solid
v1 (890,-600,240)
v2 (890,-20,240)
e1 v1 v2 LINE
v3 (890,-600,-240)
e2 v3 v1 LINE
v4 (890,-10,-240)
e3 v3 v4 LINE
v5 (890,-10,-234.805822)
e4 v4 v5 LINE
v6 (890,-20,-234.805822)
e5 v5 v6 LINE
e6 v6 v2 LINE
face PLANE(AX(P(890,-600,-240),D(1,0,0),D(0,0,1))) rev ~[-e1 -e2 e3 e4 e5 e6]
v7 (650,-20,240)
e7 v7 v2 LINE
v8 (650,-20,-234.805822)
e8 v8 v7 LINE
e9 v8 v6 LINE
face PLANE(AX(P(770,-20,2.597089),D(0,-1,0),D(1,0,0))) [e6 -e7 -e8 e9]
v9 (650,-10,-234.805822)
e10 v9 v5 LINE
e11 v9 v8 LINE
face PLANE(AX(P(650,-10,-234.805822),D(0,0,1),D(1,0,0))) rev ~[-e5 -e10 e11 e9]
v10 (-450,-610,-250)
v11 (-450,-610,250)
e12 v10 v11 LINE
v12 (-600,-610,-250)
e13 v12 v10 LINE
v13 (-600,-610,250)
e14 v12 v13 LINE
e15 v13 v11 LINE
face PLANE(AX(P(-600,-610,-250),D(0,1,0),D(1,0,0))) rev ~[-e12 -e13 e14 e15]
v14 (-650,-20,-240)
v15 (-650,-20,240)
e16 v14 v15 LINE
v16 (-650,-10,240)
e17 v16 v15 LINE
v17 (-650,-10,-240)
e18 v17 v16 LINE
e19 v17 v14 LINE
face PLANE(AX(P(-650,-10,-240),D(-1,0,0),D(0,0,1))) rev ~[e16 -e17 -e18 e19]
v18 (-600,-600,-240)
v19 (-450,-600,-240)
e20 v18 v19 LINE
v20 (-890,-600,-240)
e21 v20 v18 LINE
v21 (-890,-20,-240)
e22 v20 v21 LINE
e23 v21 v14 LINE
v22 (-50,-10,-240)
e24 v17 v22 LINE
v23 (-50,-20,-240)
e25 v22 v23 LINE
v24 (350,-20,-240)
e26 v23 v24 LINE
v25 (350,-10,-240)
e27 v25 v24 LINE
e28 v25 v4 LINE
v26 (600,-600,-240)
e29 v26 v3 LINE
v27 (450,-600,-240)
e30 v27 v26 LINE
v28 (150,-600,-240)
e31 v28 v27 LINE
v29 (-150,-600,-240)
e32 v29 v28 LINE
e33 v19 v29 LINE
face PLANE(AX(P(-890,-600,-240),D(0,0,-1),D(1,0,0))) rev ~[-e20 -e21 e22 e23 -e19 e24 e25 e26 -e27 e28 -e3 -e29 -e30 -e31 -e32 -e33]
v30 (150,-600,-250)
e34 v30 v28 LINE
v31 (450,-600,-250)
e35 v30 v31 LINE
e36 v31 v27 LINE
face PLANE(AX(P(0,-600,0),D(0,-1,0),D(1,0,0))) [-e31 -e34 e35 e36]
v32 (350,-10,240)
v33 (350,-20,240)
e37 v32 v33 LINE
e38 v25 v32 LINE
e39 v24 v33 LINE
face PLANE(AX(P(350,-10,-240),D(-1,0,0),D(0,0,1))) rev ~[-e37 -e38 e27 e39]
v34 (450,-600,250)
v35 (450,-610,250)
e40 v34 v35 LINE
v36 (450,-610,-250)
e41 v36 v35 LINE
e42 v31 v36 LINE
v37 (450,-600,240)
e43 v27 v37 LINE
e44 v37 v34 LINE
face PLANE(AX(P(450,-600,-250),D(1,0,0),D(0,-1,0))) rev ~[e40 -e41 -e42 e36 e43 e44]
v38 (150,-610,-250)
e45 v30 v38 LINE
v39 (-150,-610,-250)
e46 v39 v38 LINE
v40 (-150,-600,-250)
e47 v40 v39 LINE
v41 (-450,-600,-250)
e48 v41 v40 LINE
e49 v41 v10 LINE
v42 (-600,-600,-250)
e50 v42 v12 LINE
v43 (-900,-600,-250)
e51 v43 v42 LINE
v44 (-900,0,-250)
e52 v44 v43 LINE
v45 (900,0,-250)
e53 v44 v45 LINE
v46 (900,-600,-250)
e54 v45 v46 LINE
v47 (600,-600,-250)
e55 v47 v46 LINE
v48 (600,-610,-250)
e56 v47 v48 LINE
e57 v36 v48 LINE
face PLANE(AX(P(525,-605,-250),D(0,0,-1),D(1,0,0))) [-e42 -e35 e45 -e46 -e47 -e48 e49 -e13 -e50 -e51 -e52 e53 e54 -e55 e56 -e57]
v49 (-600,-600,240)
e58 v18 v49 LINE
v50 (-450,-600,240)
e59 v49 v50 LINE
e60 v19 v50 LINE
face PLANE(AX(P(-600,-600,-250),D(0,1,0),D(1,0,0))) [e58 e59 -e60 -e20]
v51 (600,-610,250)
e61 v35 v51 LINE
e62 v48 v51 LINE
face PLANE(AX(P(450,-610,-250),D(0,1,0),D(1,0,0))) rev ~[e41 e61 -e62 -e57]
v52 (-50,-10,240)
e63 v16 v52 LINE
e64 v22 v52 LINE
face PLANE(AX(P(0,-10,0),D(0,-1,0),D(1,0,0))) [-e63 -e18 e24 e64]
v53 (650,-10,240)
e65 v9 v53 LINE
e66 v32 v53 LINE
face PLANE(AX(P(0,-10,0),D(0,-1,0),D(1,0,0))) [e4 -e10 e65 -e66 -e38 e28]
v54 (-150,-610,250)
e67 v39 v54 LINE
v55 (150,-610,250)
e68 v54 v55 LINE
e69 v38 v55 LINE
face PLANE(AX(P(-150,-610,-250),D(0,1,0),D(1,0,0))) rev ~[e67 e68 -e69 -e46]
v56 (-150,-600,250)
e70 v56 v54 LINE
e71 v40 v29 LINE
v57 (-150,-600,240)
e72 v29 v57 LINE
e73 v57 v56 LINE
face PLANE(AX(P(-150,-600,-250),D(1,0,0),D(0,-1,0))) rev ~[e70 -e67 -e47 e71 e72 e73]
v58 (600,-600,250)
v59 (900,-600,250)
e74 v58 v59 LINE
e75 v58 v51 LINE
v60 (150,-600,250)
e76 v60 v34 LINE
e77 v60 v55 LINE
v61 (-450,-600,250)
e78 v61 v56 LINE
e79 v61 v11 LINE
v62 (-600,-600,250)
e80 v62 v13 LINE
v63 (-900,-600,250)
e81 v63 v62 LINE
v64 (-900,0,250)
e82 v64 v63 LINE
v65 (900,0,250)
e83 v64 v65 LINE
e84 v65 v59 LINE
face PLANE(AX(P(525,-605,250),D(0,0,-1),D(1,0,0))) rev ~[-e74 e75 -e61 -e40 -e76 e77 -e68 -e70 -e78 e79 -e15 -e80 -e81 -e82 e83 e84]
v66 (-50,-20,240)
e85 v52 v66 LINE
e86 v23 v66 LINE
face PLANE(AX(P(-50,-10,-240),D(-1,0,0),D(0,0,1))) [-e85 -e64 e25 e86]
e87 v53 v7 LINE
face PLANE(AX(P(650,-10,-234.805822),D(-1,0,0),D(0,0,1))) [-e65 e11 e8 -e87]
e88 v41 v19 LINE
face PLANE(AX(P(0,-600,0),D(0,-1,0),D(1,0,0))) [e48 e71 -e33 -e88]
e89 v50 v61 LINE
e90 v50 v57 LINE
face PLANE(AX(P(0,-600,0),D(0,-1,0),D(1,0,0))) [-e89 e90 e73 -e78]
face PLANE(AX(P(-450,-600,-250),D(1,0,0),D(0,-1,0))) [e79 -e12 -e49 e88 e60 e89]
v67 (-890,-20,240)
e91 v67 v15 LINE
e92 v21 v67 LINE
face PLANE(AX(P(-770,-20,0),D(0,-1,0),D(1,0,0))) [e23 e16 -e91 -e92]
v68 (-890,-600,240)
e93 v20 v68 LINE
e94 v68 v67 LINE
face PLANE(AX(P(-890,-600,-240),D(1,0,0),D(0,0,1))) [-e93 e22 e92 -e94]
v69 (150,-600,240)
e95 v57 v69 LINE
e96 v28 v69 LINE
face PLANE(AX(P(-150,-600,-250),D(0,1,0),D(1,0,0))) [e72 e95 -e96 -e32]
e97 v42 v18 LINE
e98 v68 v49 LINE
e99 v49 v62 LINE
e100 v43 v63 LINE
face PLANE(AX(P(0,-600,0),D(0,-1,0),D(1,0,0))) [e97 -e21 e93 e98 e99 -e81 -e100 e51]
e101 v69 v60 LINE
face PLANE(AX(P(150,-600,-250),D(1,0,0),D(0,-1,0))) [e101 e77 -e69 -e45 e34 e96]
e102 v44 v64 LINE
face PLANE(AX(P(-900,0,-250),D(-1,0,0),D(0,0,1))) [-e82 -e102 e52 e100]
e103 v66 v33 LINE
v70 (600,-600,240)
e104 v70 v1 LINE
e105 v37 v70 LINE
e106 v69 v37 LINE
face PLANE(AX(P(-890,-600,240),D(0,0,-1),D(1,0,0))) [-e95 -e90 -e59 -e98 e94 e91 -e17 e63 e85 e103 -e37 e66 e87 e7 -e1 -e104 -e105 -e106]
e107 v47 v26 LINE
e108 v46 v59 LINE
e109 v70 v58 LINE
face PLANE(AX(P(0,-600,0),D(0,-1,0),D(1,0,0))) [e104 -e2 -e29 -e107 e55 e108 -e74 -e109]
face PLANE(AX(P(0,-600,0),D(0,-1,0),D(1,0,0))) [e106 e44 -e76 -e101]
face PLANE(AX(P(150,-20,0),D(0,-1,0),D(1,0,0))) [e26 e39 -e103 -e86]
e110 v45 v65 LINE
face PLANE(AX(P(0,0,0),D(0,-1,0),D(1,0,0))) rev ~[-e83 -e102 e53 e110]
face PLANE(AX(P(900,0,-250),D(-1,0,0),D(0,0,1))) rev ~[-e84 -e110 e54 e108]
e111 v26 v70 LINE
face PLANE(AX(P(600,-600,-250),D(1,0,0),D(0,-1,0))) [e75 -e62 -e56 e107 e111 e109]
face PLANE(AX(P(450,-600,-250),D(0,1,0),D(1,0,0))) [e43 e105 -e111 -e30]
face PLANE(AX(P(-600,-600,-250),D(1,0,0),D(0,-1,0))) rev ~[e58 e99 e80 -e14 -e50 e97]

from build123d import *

# Parameters (mm, degrees)
F0_W     = 1800
F0_H     = 500
F1_DEPTH = 600
F2_W     = 1780
F2_H     = 480
F3_DEPTH = 590
F5_W     = 150
F5_H     = 10
F5_W_2   = 300
F7_DEPTH = 500
F6_W     = 240
F6_H     = 480
F6_W_2   = 400
F6_H_2   = 474.8058223724
F8_DEPTH = 10


with BuildPart() as f1:
    # F0 (on Front) → F1 (new body)
    with BuildSketch(Plane.XZ):
        Rectangle(F0_W, F0_H)
    extrude(amount=F1_DEPTH)

    # F2 (on face) → F3 (cut)
    with BuildSketch(Plane.XZ.offset(600)):
        Rectangle(F2_W, F2_H)
    extrude(amount=-F3_DEPTH, mode=Mode.SUBTRACT)

    # F5 (on face) → F7 (join)
    with BuildSketch(Plane(origin=(0, 0, -250), x_dir=(1, 0, 0), z_dir=(0, 0, -1))):
        with Locations((525, 605)):
            Rectangle(F5_W, F5_H)
        with Locations((0, 605)):
            Rectangle(F5_W_2, F5_H)
        with Locations((-525, 605)):
            Rectangle(F5_W, F5_H)
    extrude(amount=-F7_DEPTH)

    # F6 (on face) → F8 (join)
    with BuildSketch(Plane.XZ.offset(10)):
        with Locations((-770, 0)):
            Rectangle(F6_W, F6_H)
        with Locations((150, 0)):
            Rectangle(F6_W_2, F6_H)
        with Locations((770, 2.5970888138)):
            Rectangle(F6_W, F6_H_2)
    extrude(amount=F8_DEPTH)


solid = f1.part
